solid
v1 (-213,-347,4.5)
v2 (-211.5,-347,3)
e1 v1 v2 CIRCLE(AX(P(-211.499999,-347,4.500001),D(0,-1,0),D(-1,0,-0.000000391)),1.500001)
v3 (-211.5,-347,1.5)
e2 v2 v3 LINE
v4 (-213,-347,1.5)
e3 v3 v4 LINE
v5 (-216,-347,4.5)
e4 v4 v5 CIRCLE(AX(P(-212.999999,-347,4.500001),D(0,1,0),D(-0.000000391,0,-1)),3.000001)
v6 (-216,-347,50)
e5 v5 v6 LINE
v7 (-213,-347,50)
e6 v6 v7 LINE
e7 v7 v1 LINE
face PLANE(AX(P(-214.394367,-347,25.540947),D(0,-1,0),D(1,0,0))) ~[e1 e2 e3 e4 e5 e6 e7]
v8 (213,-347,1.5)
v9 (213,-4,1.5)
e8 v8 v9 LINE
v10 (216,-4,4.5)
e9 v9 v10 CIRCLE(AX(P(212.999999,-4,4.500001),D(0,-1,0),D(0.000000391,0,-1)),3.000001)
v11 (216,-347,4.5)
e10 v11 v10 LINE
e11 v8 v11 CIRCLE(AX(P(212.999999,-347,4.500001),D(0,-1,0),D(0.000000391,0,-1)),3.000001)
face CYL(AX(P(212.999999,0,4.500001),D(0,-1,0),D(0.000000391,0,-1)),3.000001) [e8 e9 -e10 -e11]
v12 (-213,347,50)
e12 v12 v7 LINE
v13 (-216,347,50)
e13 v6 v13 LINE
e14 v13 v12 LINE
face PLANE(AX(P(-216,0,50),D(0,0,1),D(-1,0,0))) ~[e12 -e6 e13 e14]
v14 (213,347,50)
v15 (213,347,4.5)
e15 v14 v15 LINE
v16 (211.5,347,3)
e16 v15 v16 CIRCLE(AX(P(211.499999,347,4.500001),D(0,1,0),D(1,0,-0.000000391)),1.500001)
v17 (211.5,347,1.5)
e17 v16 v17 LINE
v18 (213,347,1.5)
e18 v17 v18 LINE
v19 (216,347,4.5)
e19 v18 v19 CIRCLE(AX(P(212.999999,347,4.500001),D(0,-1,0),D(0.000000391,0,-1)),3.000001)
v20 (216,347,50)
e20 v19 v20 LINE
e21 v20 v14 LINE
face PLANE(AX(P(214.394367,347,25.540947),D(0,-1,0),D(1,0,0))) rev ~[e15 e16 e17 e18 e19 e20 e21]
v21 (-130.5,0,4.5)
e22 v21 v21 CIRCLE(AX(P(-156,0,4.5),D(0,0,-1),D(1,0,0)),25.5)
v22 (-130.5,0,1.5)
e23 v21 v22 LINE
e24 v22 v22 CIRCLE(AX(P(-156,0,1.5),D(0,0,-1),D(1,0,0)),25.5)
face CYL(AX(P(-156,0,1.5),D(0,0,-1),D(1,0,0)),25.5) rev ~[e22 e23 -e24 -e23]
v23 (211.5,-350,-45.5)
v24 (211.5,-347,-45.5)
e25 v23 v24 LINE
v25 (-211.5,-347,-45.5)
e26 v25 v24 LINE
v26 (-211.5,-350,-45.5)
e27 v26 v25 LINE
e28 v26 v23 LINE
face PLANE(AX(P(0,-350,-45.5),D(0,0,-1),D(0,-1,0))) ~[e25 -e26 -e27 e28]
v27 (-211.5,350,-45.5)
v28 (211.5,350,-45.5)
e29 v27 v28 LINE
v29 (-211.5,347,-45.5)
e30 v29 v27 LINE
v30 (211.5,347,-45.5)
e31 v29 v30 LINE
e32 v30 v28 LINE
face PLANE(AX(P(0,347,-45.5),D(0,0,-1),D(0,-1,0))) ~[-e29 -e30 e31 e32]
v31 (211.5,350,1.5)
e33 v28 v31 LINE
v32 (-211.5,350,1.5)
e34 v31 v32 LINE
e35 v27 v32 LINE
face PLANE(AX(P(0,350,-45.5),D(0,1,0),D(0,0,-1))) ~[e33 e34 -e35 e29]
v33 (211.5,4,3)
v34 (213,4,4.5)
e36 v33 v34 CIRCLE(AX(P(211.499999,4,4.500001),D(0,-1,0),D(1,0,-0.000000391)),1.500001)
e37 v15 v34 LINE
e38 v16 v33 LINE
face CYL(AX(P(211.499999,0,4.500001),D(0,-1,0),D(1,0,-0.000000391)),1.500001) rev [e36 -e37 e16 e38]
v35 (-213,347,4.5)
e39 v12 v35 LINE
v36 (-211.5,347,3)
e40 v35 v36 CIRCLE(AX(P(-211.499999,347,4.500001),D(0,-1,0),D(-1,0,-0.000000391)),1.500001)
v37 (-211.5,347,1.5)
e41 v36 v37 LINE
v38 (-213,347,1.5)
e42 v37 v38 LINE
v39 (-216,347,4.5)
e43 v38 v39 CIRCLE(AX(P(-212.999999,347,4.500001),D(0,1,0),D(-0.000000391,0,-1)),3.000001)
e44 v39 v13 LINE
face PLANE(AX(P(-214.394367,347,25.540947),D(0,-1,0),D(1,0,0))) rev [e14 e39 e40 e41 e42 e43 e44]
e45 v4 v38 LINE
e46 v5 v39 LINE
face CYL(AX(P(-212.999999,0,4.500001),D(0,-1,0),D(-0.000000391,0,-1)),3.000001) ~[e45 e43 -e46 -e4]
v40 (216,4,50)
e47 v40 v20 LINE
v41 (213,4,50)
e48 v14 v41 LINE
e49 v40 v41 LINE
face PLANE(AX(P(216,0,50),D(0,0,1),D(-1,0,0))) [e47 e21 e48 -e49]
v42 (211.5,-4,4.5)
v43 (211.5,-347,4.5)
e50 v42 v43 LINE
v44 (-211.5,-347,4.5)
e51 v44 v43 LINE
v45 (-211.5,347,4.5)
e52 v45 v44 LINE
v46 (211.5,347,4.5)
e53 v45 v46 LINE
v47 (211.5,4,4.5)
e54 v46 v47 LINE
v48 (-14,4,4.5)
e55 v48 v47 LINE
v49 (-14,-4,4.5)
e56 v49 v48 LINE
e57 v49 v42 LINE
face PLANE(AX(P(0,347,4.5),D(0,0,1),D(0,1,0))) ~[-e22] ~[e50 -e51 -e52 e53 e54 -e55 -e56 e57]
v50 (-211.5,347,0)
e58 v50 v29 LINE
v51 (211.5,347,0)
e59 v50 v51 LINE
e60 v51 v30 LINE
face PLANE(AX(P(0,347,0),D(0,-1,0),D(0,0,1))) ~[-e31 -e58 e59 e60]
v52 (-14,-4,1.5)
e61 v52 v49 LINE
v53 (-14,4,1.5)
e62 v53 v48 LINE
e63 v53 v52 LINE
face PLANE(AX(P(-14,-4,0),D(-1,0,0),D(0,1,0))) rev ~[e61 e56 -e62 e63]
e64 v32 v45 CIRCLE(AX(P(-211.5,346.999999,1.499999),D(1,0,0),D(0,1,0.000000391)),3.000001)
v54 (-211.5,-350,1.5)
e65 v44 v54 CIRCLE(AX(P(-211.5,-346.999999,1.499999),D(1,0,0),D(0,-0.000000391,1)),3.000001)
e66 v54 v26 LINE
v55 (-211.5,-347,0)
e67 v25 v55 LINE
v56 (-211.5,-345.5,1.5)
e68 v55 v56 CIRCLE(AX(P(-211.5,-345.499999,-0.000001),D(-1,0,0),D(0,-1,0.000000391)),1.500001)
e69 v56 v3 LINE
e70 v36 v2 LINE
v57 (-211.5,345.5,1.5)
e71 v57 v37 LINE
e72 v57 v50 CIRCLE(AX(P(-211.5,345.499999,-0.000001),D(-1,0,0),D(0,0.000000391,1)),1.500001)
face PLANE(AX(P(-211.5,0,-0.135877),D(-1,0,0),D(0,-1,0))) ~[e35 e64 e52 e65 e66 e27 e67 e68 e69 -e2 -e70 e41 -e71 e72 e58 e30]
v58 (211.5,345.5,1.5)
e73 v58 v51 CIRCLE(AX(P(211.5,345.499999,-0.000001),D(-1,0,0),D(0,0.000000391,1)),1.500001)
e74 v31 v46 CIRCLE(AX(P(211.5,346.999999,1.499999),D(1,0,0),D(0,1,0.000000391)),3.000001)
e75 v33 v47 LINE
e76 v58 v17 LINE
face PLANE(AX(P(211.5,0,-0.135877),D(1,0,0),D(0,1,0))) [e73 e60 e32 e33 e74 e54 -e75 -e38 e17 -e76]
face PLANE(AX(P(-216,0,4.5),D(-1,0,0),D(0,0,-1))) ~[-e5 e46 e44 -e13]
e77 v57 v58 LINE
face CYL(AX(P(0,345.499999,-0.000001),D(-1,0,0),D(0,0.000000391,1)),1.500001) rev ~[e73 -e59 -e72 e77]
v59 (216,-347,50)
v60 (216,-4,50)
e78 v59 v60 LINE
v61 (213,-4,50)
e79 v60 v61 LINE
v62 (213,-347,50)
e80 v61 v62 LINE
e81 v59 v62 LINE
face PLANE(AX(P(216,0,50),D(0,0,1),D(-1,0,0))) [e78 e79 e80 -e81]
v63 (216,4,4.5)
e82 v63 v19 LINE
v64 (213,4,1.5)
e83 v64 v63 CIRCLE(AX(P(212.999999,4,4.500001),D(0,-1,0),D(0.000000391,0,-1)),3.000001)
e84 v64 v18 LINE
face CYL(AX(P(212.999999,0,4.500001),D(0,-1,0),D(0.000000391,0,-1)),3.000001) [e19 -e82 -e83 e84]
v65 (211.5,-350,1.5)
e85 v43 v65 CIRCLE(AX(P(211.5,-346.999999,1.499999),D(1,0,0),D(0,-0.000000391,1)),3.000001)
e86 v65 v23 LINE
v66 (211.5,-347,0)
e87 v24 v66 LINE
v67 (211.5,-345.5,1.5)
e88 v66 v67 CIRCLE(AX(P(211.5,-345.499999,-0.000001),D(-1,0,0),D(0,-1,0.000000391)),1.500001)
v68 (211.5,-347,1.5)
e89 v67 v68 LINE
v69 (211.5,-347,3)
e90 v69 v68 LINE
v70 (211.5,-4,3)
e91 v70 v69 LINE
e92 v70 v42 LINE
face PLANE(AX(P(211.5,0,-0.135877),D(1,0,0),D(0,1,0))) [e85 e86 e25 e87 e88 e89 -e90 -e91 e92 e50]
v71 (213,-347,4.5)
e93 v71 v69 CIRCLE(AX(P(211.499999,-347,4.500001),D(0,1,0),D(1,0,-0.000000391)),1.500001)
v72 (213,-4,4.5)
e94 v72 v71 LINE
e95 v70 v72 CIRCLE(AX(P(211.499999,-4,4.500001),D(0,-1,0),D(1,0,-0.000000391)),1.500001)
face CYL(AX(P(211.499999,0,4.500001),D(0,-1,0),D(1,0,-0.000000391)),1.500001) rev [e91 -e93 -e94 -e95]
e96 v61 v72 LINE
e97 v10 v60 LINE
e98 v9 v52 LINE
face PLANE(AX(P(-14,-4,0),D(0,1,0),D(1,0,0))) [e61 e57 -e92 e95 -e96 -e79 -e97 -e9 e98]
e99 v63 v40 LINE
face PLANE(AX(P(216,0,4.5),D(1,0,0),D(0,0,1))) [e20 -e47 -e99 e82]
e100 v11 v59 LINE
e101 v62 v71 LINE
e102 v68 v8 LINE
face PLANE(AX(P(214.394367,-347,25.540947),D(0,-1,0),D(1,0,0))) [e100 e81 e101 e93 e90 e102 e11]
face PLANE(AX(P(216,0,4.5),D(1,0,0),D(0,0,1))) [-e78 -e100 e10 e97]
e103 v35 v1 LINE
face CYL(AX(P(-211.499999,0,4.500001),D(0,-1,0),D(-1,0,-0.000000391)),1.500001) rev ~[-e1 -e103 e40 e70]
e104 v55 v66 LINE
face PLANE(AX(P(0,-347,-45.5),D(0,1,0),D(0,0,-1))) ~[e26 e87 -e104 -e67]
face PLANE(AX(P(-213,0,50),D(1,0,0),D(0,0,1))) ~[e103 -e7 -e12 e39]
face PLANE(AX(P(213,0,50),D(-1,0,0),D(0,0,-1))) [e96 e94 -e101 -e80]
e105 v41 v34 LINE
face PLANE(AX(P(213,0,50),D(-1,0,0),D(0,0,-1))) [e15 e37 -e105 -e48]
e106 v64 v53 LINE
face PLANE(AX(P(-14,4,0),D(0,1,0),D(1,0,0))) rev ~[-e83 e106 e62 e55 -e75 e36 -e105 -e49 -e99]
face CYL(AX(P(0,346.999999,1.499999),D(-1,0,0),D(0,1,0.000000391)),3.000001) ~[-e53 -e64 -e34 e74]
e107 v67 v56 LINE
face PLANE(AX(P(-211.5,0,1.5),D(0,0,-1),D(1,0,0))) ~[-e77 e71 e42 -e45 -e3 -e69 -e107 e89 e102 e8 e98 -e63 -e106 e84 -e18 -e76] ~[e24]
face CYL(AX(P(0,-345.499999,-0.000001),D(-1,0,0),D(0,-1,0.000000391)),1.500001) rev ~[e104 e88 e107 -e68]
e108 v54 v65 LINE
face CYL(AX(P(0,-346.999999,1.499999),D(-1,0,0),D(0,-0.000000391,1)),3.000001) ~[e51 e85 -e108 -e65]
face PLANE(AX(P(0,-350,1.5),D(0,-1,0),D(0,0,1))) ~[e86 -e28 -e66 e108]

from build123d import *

# Parameters (mm, degrees)
F1_DEPTH      = 211.5
F1_DEPTH_BACK = 70
F3_DEPTH      = 347
F3_DEPTH_BACK = 347
F5_W          = 233.843906
F5_H          = 8
F6_DEPTH      = 80
F7_R          = 25.5
F8_DEPTH      = 12.5


with BuildPart() as f1:
    # F0 (on Right) → F1 (new body, two sides)
    with BuildSketch(Plane.YZ) as f1_sk:
        with BuildLine():
            ThreePointArc((-347, 4.5), (-349.12132, 3.62132), (-350, 1.5))
            Line((-350, 1.5), (-350, -45.5))
            Line((-350, -45.5), (-347, -45.5))
            Line((-347, -45.5), (-347, 0))
            ThreePointArc((-347, 0), (-346.56066, 1.06066), (-345.5, 1.5))
            Line((-345.5, 1.5), (345.5, 1.5))
            ThreePointArc((345.5, 1.5), (346.56066, 1.06066), (347, 0))
            Line((347, 0), (347, -45.5))
            Line((347, -45.5), (350, -45.5))
            Line((350, -45.5), (350, 1.5))
            ThreePointArc((350, 1.5), (349.12132, 3.62132), (347, 4.5))
            Line((347, 4.5), (-347, 4.5))
        make_face()
    extrude(amount=F1_DEPTH)
    extrude(f1_sk.sketch, amount=-F1_DEPTH_BACK)

    # F2 (on Front) → F3 (join, two sides)
    with BuildSketch(Plane.XZ) as f3_sk:
        with BuildLine():
            Line((216, 50), (213, 50))
            Line((213, 50), (213, 4.5))
            ThreePointArc((213, 4.5), (212.56066, 3.43934), (211.5, 3))
            Line((211.5, 3), (211.5, 1.5))
            Line((211.5, 1.5), (213, 1.5))
            ThreePointArc((213, 1.5), (215.12132, 2.37868), (216, 4.5))
            Line((216, 4.5), (216, 50))
        make_face()
    extrude(amount=F3_DEPTH)
    extrude(f3_sk.sketch, amount=-F3_DEPTH_BACK)

    # F4: F1 across plane


with BuildPart() as f1_1:
    add(f1.part)
    add(f1.part.mirror(Plane.YZ))

    # F5 (on Top) → F6 (cut)
    with BuildSketch(Plane.XY):
        with Locations((102.921953, 0)):
            Rectangle(F5_W, F5_H)
    extrude(amount=F6_DEPTH, mode=Mode.SUBTRACT)

    # F7 (on face) → F8 (cut, symmetric)
    with BuildSketch(Plane(origin=(0, 0, 1.5), x_dir=(1, 0, 0), z_dir=(0, 0, -1))):
        with Locations((-156, 0)):
            Circle(F7_R)
    extrude(amount=F8_DEPTH, both=True, mode=Mode.SUBTRACT)


solid = f1_1.part
